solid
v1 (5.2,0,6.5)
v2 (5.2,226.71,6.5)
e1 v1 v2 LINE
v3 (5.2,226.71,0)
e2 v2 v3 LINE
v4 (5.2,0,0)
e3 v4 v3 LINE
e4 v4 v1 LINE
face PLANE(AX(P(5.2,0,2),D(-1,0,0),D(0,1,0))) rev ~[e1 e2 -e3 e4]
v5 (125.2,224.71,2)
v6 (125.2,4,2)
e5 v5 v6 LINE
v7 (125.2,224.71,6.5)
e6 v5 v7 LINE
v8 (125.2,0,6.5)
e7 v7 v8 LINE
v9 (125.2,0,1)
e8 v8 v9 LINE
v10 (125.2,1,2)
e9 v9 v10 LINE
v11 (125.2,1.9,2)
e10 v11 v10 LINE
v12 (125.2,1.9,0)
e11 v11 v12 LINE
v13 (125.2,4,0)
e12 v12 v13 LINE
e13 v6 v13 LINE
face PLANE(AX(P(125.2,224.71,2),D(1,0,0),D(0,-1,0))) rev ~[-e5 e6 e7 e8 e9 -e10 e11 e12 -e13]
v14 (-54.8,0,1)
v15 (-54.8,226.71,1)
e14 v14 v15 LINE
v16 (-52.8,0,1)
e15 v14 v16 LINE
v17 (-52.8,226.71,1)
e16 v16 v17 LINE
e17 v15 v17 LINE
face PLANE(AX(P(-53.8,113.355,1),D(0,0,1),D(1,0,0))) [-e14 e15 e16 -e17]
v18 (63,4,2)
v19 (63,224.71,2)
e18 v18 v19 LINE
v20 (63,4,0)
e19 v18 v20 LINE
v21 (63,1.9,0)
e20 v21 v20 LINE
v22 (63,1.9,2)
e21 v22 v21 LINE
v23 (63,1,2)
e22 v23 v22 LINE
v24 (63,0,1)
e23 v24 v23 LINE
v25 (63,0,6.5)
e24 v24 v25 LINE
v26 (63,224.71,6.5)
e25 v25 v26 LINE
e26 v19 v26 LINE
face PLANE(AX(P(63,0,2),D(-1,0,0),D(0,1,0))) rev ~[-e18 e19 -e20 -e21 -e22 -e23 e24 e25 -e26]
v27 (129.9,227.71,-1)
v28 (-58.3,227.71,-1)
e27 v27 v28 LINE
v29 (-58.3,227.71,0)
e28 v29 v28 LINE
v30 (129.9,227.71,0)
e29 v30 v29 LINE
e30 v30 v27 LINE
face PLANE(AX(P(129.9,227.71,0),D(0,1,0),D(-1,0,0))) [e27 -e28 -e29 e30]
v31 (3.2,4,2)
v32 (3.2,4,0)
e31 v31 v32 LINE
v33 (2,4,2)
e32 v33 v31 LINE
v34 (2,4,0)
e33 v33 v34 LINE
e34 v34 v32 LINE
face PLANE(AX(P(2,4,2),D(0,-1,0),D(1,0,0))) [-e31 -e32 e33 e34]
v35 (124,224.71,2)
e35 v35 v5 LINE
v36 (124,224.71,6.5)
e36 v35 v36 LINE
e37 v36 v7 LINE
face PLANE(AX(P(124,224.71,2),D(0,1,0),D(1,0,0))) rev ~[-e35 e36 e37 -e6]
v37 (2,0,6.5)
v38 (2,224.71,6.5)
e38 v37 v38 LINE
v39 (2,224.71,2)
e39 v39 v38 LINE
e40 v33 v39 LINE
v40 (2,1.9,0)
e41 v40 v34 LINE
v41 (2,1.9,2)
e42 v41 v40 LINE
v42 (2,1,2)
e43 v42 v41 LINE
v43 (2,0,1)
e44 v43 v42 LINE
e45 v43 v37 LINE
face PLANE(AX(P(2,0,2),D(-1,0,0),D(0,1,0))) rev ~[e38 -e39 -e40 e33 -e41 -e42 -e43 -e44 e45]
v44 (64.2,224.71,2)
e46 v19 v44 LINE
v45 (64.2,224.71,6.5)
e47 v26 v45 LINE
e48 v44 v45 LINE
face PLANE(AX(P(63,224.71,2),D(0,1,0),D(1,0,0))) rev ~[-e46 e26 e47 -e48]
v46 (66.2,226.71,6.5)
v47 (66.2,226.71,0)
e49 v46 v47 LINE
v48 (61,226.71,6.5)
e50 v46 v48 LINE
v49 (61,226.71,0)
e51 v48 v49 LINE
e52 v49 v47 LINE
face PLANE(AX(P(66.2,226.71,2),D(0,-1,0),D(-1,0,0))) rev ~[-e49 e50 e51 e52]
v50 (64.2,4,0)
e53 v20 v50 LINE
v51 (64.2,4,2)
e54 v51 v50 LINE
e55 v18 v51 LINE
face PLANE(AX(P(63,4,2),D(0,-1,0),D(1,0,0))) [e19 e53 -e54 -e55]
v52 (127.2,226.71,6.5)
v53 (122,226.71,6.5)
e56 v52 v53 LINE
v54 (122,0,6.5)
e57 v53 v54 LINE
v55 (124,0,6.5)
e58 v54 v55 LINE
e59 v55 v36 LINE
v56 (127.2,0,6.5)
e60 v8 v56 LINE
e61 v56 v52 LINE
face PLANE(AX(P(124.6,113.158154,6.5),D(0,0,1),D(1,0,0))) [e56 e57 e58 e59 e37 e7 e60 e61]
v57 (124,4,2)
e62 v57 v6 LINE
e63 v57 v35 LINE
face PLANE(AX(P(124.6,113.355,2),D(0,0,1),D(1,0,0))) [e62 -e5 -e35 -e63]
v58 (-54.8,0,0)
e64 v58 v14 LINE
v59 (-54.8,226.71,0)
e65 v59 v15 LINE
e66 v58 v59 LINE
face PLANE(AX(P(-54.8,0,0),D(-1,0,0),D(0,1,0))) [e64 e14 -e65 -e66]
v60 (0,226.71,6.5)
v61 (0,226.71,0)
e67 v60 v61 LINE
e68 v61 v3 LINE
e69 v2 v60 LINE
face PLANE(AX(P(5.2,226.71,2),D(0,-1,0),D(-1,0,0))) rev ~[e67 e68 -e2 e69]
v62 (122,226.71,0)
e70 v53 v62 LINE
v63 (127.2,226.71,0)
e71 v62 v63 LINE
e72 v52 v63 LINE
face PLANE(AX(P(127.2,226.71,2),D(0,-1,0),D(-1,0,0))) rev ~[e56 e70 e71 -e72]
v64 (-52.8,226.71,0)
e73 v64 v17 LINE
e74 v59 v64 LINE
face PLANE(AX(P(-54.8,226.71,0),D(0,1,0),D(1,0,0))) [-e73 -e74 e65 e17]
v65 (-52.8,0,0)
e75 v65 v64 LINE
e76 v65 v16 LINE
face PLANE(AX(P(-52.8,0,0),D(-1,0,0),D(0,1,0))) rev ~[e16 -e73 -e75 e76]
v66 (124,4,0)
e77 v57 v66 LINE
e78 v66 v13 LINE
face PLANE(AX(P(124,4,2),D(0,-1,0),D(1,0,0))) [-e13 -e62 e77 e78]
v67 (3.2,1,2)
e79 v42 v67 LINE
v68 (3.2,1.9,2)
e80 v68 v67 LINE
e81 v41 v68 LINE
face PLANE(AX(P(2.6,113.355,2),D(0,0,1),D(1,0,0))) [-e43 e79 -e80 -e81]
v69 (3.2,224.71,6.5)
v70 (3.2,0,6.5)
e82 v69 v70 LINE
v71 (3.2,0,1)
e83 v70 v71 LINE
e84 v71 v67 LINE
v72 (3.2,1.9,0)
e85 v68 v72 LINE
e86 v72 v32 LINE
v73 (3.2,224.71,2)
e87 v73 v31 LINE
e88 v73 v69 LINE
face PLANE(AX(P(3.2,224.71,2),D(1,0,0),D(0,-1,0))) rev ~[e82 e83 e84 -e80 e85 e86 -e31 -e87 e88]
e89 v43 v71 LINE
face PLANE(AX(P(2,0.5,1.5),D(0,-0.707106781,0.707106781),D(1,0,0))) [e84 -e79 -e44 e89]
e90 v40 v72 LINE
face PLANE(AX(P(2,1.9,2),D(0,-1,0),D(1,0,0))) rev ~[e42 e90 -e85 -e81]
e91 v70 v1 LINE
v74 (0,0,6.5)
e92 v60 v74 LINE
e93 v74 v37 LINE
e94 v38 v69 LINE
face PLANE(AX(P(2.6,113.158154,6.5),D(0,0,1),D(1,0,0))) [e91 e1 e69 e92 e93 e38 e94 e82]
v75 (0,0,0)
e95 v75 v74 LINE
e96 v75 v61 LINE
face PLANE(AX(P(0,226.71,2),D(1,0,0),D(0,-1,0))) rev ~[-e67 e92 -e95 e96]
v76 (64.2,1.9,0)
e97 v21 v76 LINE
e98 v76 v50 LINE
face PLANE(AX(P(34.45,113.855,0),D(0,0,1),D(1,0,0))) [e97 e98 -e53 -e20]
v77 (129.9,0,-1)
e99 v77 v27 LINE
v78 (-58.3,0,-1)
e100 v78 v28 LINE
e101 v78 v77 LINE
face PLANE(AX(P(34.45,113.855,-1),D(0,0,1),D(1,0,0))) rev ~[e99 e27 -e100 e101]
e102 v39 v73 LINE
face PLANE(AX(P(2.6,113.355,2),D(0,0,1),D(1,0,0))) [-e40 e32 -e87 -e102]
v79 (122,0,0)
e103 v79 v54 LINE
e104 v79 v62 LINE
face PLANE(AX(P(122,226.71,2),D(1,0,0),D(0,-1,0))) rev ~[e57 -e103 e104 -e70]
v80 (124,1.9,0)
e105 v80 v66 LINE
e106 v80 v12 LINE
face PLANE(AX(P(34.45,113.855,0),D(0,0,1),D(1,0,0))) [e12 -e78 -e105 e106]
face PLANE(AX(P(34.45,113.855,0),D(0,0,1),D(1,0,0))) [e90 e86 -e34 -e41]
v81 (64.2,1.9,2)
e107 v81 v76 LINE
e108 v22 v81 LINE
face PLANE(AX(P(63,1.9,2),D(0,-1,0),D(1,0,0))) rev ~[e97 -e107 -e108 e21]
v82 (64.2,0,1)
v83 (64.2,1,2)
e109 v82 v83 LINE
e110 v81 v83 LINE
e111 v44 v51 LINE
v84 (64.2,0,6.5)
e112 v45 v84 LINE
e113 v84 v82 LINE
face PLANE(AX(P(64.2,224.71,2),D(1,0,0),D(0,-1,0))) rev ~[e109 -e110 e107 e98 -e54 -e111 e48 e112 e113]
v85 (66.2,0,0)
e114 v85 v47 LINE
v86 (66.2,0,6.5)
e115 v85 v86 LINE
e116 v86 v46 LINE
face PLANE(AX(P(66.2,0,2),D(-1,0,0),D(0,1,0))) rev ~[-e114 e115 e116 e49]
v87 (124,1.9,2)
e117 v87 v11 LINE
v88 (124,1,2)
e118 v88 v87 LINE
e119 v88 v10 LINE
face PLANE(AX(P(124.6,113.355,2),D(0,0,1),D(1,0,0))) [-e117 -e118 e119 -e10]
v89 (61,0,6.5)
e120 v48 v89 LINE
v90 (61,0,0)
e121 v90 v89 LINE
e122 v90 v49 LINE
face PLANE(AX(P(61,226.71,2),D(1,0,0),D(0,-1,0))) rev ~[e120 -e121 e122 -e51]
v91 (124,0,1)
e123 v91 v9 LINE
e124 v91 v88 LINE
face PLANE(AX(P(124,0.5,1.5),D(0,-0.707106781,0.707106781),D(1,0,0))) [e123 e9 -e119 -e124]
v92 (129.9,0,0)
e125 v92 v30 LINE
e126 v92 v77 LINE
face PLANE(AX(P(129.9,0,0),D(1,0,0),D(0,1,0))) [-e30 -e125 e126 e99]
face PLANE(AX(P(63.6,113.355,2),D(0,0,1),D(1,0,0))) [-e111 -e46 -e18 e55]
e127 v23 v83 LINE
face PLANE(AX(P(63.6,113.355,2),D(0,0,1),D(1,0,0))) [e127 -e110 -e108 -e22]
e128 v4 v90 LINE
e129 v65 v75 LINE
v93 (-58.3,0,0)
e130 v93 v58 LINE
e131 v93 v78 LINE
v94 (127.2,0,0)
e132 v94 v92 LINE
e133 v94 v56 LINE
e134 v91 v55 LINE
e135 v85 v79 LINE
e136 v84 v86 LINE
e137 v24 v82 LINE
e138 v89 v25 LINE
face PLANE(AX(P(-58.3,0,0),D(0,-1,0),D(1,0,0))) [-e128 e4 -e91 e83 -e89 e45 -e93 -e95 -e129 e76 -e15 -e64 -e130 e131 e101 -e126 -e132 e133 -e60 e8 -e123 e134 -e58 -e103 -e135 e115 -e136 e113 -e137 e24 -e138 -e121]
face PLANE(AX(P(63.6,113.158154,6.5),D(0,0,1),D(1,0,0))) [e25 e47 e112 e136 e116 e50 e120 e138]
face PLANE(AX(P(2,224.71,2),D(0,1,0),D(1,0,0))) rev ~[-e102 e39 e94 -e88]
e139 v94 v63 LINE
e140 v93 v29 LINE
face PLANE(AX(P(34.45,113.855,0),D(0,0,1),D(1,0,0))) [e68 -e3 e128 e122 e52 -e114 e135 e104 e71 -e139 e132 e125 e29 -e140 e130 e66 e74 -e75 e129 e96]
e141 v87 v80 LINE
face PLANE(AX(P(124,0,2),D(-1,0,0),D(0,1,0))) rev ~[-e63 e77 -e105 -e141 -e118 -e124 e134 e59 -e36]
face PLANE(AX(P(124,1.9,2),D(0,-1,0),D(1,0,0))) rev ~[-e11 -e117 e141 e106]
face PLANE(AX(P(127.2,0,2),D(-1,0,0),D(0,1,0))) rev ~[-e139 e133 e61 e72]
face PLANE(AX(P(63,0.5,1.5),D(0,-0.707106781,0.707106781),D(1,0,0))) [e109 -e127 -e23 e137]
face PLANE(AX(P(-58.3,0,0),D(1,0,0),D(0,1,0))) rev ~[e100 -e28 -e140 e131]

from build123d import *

# Parameters (mm, degrees)
F0_W     = 5.2
F0_H     = 226.71
F1_DEPTH = 2
F3_DEPTH = 4.5
F4_W     = 1.2
F4_H     = 2.1
F5_DEPTH = 25
F6_W     = 185.5
F6_H     = 227.71
F6_W_2   = 2.7
F7_DEPTH = 1
F8_W     = 2
F8_H     = 226.71
F9_DEPTH = 1
F10_SIZE = 1


with BuildPart() as f1:
    # F0 (on Top) → F1 (new body)
    with BuildSketch(Plane.XY):
        with Locations((2.6, 113.355)):
            Rectangle(F0_W, F0_H)
        with Locations((63.6, 113.355)):
            Rectangle(F0_W, F0_H)
        with Locations((124.6, 113.355)):
            Rectangle(F0_W, F0_H)
    extrude(amount=F1_DEPTH)

    # F2 (on face) → F3 (join)
    with BuildSketch(Plane.XY.offset(2)):
        Polygon((0, 226.71), (0, 0), (2, 0), (2, 224.71), (3.2, 224.71), (3.2, 0), (5.2, 0), (5.2, 226.71), align=None)
        Polygon((61, 226.71), (61, 0), (63, 0), (63, 224.71), (64.2, 224.71), (64.2, 0), (66.2, 0), (66.2, 226.71), align=None)
        Polygon((122, 226.71), (122, 0), (124, 0), (124, 224.71), (125.2, 224.71), (125.2, 0), (127.2, 0), (127.2, 226.71), align=None)
    extrude(amount=F3_DEPTH)

    # F4 (on face) → F5 (cut)
    with BuildSketch(Plane.XY.offset(2)):
        with Locations((2.6, 2.95)):
            Rectangle(F4_W, F4_H)
        with Locations((63.6, 2.95)):
            Rectangle(F4_W, F4_H)
        with Locations((124.6, 2.95)):
            Rectangle(F4_W, F4_H)
    extrude(amount=-F5_DEPTH, mode=Mode.SUBTRACT)

    # F6 (on Top) → F7 (join)
    with BuildSketch(Plane.XY):
        with Locations((34.45, 113.855)):
            Rectangle(F6_W, F6_H)
        with Locations((128.55, 113.855)):
            Rectangle(F6_W_2, F6_H)
    extrude(amount=-F7_DEPTH)

    # F8 (on face) → F9 (join)
    with BuildSketch(Plane.XY):
        with Locations((-53.8, 113.355)):
            Rectangle(F8_W, F8_H)
    extrude(amount=F9_DEPTH)

    # F10
    f10_edges = [f1.edges().sort_by_distance(p)[0] for p in [
        (2.6, 0, 2),
        (63.6, 0, 2),
        (124.6, 0, 2),
    ]]
    chamfer(f10_edges, length=F10_SIZE)


solid = f1.part
